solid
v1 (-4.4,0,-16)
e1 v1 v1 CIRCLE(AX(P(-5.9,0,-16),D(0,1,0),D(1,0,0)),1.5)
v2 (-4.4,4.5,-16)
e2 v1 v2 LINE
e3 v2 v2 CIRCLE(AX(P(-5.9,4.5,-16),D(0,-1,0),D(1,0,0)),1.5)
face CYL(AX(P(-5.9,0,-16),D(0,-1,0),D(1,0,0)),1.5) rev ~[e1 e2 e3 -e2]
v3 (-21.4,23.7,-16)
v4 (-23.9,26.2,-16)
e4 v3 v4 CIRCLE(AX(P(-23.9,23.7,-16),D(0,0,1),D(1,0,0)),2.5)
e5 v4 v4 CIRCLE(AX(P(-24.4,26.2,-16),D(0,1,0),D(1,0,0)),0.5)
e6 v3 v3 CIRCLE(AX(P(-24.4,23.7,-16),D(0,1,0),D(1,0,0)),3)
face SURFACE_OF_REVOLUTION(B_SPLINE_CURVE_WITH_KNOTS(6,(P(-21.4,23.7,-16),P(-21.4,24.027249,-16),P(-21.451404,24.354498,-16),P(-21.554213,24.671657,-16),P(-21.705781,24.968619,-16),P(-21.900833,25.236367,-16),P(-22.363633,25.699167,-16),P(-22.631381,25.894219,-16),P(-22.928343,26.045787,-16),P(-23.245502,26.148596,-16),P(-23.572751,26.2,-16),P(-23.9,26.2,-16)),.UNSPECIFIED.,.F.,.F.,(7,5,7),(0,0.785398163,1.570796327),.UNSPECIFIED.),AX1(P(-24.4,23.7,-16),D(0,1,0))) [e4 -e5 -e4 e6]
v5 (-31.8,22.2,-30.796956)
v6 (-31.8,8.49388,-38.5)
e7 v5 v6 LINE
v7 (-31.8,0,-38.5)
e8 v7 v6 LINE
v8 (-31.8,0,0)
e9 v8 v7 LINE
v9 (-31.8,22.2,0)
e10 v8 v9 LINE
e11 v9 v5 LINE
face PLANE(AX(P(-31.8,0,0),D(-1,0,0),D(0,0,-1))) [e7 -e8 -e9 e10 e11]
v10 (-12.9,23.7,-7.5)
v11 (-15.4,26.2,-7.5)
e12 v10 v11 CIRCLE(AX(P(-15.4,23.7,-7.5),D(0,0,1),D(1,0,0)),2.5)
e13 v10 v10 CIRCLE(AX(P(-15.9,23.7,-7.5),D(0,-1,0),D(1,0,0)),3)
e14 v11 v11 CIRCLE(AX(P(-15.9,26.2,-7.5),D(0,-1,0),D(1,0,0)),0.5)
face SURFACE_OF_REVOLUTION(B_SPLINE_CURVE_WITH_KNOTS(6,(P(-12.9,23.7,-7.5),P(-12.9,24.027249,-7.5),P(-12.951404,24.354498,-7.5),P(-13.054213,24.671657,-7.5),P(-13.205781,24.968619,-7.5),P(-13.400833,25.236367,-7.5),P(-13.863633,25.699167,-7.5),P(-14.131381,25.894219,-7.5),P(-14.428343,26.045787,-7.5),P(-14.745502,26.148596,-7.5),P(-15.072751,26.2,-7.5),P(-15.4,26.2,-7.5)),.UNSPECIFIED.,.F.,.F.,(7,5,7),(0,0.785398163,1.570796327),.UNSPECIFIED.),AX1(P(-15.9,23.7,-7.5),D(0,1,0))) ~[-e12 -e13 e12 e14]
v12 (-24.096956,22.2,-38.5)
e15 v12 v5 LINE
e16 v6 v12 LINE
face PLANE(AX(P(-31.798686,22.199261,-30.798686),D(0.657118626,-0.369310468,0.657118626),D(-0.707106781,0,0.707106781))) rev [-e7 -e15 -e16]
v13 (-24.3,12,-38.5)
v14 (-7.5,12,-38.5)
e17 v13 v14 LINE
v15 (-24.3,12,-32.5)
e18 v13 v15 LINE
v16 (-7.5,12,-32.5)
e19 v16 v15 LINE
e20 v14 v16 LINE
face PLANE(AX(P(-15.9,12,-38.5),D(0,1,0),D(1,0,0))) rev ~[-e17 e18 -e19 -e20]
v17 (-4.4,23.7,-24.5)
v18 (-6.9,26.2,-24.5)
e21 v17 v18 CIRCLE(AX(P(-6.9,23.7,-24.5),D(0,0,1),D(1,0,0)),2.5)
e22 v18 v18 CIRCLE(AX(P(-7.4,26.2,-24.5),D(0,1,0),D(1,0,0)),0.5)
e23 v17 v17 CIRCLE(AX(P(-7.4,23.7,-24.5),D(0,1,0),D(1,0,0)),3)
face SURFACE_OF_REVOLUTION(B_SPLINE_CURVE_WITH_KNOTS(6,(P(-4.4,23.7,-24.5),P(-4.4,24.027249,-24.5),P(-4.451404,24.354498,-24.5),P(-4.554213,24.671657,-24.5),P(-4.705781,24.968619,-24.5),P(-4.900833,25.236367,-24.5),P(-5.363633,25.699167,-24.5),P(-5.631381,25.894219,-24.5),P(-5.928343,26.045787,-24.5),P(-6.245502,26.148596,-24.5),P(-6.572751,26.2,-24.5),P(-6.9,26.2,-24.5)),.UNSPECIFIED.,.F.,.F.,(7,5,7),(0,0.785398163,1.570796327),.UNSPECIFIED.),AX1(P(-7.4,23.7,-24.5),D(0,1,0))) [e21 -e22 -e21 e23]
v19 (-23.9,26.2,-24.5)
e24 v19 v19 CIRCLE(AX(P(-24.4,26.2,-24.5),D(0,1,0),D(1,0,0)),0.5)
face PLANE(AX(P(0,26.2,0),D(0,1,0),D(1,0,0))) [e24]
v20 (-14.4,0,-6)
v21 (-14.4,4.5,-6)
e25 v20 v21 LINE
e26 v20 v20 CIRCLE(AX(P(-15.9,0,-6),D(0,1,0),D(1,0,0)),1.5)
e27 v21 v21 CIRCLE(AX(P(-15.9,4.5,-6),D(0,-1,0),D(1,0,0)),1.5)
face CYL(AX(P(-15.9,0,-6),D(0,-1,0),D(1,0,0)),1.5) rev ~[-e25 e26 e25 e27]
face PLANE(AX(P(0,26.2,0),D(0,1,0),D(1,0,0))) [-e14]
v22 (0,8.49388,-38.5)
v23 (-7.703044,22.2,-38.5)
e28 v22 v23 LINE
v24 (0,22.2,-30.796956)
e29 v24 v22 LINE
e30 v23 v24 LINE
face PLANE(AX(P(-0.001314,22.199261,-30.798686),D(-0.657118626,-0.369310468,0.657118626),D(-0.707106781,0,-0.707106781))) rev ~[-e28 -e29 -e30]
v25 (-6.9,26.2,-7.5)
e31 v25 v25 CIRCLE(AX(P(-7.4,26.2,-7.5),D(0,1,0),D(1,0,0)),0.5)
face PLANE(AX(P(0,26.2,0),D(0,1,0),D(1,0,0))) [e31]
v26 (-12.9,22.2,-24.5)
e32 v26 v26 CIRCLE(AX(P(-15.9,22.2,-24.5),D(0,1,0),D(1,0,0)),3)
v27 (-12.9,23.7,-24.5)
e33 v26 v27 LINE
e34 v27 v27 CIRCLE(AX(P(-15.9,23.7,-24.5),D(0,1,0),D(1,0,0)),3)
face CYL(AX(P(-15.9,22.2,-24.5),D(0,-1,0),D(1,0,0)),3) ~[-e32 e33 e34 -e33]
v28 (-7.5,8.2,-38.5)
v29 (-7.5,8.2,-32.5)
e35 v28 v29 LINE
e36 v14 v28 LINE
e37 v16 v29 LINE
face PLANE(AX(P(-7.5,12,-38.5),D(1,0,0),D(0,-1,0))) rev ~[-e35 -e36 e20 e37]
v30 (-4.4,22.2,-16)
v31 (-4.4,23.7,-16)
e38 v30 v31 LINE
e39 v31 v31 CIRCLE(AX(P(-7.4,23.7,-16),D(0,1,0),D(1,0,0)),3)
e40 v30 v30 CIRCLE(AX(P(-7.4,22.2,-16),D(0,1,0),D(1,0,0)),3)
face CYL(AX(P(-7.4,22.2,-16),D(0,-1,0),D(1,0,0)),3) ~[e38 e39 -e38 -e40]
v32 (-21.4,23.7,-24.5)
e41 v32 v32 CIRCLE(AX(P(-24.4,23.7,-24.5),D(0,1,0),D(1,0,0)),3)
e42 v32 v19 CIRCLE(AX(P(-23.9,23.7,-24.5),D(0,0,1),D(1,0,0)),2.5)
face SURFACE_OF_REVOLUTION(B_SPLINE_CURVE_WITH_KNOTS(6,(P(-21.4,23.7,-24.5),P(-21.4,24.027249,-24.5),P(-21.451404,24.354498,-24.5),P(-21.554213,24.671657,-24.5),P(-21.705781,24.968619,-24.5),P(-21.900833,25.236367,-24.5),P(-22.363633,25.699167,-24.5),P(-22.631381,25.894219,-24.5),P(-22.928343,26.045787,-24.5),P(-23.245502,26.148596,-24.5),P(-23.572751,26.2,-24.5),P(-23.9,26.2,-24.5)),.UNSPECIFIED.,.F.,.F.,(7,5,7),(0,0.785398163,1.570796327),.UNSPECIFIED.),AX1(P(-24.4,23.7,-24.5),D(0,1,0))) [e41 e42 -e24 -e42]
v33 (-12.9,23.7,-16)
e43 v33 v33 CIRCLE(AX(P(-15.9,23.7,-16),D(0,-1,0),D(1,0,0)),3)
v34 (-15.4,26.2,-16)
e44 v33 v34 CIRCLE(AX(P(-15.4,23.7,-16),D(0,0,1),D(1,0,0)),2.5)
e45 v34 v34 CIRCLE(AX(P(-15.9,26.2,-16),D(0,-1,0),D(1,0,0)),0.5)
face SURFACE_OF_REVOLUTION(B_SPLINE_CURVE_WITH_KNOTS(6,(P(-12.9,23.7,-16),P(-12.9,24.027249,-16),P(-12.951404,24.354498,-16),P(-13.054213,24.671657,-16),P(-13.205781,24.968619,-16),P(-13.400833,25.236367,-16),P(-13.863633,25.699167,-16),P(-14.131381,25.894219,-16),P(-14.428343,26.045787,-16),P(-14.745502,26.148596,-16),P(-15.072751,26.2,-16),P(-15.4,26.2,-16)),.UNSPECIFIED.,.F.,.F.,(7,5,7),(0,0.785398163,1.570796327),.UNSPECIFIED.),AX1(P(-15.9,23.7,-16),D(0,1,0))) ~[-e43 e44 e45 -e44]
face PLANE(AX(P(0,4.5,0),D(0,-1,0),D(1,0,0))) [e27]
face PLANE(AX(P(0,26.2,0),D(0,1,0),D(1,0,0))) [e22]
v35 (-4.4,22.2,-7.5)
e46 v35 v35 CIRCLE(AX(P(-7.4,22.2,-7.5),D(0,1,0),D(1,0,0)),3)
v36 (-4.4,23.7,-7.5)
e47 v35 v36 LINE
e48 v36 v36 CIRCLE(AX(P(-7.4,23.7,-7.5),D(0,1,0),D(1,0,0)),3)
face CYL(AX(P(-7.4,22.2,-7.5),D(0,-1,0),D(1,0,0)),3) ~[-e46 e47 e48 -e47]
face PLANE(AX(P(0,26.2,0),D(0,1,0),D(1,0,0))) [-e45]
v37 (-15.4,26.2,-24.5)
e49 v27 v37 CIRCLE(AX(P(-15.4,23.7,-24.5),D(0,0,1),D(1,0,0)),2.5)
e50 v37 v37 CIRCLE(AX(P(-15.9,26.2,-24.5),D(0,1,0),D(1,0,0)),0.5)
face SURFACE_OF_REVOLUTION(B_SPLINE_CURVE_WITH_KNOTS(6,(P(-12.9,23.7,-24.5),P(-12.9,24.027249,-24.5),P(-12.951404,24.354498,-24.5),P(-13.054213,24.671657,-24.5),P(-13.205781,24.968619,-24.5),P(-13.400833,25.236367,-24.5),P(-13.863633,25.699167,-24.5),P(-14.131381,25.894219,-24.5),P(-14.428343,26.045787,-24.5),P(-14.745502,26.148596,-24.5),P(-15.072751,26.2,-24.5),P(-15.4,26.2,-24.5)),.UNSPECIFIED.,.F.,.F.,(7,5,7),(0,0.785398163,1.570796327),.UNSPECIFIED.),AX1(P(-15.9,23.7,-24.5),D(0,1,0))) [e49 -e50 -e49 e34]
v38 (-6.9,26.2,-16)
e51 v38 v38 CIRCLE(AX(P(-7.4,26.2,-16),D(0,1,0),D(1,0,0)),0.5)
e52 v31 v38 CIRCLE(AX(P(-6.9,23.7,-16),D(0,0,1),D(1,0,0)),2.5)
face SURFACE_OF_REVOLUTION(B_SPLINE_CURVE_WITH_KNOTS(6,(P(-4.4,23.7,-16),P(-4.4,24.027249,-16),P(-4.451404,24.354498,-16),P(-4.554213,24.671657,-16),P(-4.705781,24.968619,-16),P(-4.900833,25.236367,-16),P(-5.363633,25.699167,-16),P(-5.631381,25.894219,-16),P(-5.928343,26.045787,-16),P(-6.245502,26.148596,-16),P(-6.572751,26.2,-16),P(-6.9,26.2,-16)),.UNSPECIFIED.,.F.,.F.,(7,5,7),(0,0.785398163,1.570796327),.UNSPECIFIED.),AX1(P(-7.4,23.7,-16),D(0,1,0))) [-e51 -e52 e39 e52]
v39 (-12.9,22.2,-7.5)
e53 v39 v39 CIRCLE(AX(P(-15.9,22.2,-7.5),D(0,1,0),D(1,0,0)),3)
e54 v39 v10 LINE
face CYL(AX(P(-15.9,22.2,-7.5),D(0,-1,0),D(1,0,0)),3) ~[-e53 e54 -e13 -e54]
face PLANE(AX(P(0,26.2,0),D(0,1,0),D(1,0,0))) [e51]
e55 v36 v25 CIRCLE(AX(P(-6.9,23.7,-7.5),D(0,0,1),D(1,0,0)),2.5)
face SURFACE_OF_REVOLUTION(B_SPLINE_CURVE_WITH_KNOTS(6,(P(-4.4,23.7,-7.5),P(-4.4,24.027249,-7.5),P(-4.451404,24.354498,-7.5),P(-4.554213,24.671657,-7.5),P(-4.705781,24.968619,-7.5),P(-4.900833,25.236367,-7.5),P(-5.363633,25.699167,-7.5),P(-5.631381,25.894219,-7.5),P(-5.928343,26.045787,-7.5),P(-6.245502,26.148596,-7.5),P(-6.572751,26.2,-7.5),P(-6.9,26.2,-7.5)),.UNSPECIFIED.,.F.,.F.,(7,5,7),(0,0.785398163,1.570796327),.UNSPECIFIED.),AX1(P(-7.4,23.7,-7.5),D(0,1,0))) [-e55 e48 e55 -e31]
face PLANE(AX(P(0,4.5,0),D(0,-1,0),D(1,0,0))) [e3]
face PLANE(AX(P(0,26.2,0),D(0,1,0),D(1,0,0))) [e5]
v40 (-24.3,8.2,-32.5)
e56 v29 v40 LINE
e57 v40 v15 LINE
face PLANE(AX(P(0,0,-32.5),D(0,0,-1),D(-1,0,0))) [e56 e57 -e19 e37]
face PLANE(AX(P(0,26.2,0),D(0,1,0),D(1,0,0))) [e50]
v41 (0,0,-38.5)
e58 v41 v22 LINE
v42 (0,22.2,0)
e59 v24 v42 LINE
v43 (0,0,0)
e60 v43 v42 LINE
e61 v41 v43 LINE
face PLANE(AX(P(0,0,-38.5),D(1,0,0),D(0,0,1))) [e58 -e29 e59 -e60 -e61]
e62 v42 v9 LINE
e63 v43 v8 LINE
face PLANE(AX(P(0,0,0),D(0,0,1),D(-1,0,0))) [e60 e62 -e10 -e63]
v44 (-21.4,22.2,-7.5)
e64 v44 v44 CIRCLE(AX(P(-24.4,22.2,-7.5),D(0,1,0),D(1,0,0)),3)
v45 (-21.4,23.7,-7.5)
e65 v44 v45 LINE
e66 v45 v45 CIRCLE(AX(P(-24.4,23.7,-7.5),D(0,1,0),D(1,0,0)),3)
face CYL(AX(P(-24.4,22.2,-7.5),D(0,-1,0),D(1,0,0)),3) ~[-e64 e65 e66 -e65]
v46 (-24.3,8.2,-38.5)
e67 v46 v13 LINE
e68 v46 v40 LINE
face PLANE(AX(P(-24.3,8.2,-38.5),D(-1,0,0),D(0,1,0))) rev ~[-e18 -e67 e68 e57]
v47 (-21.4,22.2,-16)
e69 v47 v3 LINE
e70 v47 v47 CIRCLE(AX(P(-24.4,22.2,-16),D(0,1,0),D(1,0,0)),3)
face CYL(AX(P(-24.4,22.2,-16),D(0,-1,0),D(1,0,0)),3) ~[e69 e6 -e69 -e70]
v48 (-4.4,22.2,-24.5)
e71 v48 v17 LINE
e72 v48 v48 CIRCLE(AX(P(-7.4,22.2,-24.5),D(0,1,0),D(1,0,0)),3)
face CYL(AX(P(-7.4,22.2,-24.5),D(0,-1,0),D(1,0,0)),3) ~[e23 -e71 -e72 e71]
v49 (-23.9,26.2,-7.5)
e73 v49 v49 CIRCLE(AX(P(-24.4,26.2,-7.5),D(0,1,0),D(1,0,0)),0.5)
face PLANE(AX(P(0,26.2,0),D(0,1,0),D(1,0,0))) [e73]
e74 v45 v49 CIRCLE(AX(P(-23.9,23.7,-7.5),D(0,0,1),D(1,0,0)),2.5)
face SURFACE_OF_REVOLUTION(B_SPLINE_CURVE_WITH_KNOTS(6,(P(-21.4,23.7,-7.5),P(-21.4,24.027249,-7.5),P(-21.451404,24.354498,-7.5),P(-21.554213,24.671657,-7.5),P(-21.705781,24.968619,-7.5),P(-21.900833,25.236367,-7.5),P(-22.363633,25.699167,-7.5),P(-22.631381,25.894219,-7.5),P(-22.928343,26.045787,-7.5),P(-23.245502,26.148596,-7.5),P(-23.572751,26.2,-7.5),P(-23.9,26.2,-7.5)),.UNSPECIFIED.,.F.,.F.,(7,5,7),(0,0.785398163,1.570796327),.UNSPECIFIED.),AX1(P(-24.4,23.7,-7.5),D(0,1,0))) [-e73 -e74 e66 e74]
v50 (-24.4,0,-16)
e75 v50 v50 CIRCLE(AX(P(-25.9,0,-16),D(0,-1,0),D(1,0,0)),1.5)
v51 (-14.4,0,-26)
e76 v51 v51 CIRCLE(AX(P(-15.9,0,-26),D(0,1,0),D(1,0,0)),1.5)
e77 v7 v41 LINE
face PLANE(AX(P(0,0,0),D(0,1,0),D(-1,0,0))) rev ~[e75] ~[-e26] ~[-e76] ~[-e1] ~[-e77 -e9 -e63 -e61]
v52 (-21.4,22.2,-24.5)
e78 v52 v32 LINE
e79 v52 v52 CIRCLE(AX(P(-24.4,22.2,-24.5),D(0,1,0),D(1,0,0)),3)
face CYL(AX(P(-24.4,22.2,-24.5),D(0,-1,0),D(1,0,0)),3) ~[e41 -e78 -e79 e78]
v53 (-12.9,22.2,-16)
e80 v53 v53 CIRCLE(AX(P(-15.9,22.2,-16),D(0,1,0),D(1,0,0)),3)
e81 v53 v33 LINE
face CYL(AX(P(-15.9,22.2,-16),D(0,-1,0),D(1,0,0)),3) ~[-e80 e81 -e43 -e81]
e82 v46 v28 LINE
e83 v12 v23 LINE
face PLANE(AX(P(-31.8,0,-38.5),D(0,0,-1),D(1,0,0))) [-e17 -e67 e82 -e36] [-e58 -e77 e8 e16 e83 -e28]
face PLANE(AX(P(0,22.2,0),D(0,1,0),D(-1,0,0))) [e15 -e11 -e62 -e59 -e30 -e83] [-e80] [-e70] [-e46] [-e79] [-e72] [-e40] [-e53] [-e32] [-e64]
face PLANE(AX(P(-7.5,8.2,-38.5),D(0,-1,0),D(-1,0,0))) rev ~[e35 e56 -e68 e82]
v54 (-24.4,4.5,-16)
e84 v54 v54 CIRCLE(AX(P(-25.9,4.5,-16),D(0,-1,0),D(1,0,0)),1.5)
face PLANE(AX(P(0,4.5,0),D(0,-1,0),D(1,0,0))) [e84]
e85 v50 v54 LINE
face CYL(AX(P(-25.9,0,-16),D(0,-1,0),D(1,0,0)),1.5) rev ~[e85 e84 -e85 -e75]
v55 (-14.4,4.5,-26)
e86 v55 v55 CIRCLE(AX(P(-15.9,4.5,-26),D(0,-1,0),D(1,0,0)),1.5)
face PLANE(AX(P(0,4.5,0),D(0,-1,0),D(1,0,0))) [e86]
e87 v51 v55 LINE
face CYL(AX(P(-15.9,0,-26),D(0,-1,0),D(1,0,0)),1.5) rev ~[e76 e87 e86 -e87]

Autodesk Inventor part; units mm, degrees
ref_plane "YZ Plane" through (0, 0, 0) normal (1, 0, 0) x (0, 1, 0)
sketch "Sketch1" plane through (0, 0, 0) normal (0, 1, 0) x (-1, 0, 0)
  line L0 (0, 0) -> (31.8, 0)
  line L1 (31.8, 0) -> (31.8, -38.5)
  line L2 (31.8, -38.5) -> (0, -38.5)
  line L3 (0, -38.5) -> (0, 0)
  dimension "d0" = 31.8
  dimension "d1" = 38.5
extrude "Extrusion1" add sketch "Sketch1" along normal blind 22.2
sketch "Sketch2" plane through (0, 0, 0) normal (0, -1, 0) x (1, 0, 0)
  line L0 (-31.8, 0) -> (0, 0) projected
  line L1 (-15.9, 0) -> (-15.9, -1.476)
  line L2 (-15.9, 0) -> (-15.9, -16)
  line L3 (-15.9, -16) -> (-5.9, -16)
  line L4 (-5.9, -16) -> (-25.9, -16)
  line L5 (-15.9, -16) -> (-15.9, -26)
  line L6 (-15.9, -26) -> (-15.9, -6)
  circle A0 centre (-15.9, -6) radius 1.5
  circle A1 centre (-5.9, -16) radius 1.5
  circle A2 centre (-15.9, -26) radius 1.5
  circle A3 centre (-25.9, -16) radius 1.5
  dimension "d4" = 16
  dimension "d5" = 10
  dimension "d6" = 20
  dimension "d7" = 10
  dimension "d8" = 20
  dimension "d9" = 3
  dimension "d10" = 3
  dimension "d11" = 3
  dimension "d12" = 3
extrude "Extrusion2" cut sketch "Sketch2" against normal blind 4.5
sketch "Sketch3" plane through (0, 22.2, 0) normal (0, 1, 0) x (1, 0, 0)
  line L0 (-31.8, 0) -> (0, 0) projected
  line L1 (-15.9, 0) -> (-15.9, 16)
  circle A0 centre (-15.9, 16) radius 3
  circle A1 centre (-7.4, 16) radius 3
  circle A2 centre (-24.4, 16) radius 3
  circle A3 centre (-7.4, 7.5) radius 3
  circle A4 centre (-15.9, 7.5) radius 3
  circle A5 centre (-24.4, 7.5) radius 3
  circle A6 centre (-7.4, 24.5) radius 3
  circle A7 centre (-15.9, 24.5) radius 3
  circle A8 centre (-24.4, 24.5) radius 3
  dimension "d15" = 16
  dimension "d16" = 6
  dimension "d19" = 8.5
  dimension "d26" = 8.5
  dimension "d33" = 8.5
  dimension "d40" = 8.5
extrude "Extrusion3" add sketch "Sketch3" along normal blind 4
fillet "Fillet1" radius 2.5 9 edges at (-10.4, 26.2, -7.5) (-18.9, 26.2, -7.5) (-27.4, 26.2, -7.5) (-27.4, 26.2, -16) (-18.9, 26.2, -16) (-10.4, 26.2, -16) (-10.4, 26.2, -24.5) (-18.9, 26.2, -24.5) (-27.4, 26.2, -24.5)
sketch "Sketch4" plane through (0, 0, -38.5) normal (0, 0, -1) x (-1, 0, 0)
  line L0 (17.4, 0) -> (14.4, 0) projected
  line L1 (15.9, 0) -> (15.9, 12)
  line L2 (15.9, 12) -> (24.3, 12)
  line L3 (15.9, 12) -> (24.3, 12) construction
  line L4 (24.3, 12) -> (7.5, 12)
  line L5 (7.5, 12) -> (7.5, 8.2)
  line L6 (7.5, 8.2) -> (24.3, 8.2)
  line L7 (24.3, 8.2) -> (24.3, 12)
  point P0 (0, 0)
  dimension "d48" = 12
  dimension "d49" = 8.4
  dimension "d50" = 0
  dimension "d51" = 16.8
  dimension "d52" = 3.8
extrude "Extrusion4" cut sketch "Sketch4" against normal blind 6
sketch3d "3D Sketch1"
ref_plane "Work Plane1" through (0, 22.2, -30.8) normal (-0.6571, -0.3693, 0.6571) x (-0.7071, 0, -0.7071)
sketch "Sketch5" plane through (0, 22.2, -30.8) normal (-0.6571, -0.3693, 0.6571) x (-0.7071, 0, -0.7071)
  line L0 (-21.7789, -8.0435) -> (5.4447, 2.0109) projected
  line L1 (-3.5227, -1.301) -> (16.1237, -1.301)
  line L2 (16.1237, -1.301) -> (16.1237, 19.91)
  line L3 (16.1237, 19.91) -> (-3.5227, 19.91)
  line L4 (-3.5227, 19.91) -> (-3.5227, -1.301)
  point P0 (-21.7789, 12.5869)
extrude "Extrusion5" cut sketch "Sketch5" against normal blind 6
ref_plane "Work Plane2" through (-15.9, 0, -38.5) normal (-1, 0, 0) x (0, 0, 1)
mirror "Mirror1" about plane through (-15.9, 0, -38.5) normal (-1, 0, 0) of "Extrusion5"
properties part number "Contactile Sensor"
